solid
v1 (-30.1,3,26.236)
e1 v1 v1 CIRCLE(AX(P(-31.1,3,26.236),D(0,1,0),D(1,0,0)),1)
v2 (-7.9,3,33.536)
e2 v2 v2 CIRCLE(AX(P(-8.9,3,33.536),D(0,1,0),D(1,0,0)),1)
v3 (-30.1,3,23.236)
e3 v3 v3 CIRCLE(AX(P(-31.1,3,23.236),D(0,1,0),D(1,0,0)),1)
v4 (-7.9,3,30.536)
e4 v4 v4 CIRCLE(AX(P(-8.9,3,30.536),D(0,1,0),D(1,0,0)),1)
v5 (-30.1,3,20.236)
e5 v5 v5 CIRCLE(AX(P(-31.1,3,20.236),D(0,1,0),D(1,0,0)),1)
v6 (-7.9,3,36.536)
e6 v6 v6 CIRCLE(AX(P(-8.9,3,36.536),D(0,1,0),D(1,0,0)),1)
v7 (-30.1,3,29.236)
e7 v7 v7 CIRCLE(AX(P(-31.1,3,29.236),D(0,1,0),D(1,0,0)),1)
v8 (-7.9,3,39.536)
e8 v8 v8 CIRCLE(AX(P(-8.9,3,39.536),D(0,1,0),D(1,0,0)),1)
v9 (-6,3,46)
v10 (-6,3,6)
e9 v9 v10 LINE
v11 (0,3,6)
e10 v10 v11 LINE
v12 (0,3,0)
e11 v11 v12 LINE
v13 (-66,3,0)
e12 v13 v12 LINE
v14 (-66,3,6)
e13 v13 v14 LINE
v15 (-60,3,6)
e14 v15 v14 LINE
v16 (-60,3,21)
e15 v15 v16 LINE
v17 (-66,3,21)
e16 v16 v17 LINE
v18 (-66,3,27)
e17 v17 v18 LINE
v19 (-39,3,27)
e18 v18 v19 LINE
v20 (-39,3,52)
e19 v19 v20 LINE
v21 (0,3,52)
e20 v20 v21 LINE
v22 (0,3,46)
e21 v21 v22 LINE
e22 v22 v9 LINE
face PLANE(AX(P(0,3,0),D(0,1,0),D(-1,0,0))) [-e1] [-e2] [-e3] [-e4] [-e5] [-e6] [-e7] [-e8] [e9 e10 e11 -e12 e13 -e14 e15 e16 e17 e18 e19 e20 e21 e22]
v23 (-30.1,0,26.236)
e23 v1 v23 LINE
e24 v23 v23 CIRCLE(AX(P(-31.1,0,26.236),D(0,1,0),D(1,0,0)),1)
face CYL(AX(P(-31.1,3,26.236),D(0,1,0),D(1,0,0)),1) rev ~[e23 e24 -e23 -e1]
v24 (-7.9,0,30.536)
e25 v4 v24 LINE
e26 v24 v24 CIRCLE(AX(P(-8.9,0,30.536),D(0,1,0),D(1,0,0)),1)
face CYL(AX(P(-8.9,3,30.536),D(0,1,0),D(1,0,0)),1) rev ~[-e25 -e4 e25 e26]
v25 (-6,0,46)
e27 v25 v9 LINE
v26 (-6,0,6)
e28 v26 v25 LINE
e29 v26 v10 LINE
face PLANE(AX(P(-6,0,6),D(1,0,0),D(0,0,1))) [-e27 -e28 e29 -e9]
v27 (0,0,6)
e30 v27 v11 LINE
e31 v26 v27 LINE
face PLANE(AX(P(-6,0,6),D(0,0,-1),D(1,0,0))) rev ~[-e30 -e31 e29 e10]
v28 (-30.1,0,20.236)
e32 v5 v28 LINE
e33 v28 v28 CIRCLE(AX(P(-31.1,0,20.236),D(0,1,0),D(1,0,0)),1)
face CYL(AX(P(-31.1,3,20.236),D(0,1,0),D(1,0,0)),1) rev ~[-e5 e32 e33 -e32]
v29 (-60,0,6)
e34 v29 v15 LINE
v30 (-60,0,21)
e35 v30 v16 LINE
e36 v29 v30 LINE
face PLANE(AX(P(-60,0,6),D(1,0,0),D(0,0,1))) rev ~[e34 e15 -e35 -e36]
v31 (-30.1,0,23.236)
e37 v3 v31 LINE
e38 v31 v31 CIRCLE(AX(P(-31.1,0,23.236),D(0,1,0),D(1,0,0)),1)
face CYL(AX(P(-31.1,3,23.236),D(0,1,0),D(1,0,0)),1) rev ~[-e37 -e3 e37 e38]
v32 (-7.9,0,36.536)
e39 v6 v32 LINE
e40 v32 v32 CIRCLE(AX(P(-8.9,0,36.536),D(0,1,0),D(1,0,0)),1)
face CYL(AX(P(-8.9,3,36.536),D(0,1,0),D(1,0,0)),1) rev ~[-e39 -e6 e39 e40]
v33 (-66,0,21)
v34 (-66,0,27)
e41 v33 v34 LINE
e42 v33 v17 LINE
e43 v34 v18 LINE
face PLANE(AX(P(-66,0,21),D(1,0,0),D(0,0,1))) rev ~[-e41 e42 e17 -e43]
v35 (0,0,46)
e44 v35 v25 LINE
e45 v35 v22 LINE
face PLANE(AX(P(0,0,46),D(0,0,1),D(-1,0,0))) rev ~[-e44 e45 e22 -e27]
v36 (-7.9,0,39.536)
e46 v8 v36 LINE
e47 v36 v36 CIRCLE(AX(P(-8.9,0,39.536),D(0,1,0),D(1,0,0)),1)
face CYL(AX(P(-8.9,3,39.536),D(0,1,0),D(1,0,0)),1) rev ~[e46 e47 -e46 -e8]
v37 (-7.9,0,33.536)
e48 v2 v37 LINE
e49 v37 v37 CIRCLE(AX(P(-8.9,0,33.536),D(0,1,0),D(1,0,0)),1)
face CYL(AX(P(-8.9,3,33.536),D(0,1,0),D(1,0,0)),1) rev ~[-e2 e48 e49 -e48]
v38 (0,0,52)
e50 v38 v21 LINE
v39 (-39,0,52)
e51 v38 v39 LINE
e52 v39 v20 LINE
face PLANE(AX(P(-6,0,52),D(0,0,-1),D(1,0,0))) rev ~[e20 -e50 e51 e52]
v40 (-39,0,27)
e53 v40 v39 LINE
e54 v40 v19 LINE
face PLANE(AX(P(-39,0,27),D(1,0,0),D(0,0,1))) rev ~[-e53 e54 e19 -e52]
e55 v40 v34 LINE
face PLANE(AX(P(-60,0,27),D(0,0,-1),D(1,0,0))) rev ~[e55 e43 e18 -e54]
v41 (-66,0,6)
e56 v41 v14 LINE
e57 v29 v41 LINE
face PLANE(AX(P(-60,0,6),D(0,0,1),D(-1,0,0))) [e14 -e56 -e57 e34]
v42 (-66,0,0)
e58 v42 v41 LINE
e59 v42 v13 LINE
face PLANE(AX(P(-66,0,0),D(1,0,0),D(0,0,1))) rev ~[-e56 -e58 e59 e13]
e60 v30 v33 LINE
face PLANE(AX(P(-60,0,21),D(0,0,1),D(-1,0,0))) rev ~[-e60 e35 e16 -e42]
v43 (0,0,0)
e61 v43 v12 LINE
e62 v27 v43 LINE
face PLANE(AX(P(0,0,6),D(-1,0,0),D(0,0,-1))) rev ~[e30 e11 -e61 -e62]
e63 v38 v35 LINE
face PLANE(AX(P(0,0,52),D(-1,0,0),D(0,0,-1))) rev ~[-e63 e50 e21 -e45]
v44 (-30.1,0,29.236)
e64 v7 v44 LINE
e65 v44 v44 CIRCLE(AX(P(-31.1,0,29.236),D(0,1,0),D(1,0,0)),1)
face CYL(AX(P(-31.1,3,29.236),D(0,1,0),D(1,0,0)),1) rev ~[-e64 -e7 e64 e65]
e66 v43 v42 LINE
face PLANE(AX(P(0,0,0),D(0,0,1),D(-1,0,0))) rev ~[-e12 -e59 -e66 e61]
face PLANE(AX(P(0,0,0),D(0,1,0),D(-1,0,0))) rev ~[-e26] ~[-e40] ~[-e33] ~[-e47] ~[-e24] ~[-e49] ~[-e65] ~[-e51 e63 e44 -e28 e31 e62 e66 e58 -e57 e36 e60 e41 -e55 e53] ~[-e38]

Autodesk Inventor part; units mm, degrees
ref_plane "YZ Plane" through (0, 0, 0) normal (1, 0, 0) x (0, 1, 0)
ref_plane "XZ Plane" through (0, 0, 0) normal (0, 1, 0) x (-1, 0, 0)
ref_plane "XY Plane" through (0, 0, 0) normal (0, 0, 1) x (1, 0, 0)
sketch "Sketch1" plane through (0, 0, 0) normal (0, 1, 0) x (-1, 0, 0)
  line L0 (0, 0) -> (60, 0)
  line L1 (66, 0) -> (66, 6)
  line L2 (66, 27) -> (60, 27)
  line L3 (0, 27) -> (0, 6) construction
  line L4 (66, 27) -> (60, 27)
  line L5 (60, 27) -> (60, 21) construction
  line L6 (60, 21) -> (66, 21)
  line L7 (66, 21) -> (66, 27)
  line L8 (66, 0) -> (60, 0)
  line L9 (60, 0) -> (60, 6) construction
  line L10 (60, 6) -> (66, 6)
  line L11 (66, 6) -> (66, 0)
  line L12 (66, 21) -> (66, 27)
  line L13 (60, 27) -> (6, 27)
  line L14 (60, 0) -> (66, 0)
  line L15 (66, 6) -> (66, 21) construction
  line L16 (60, 6) -> (60, 21)
  line L17 (0, 0) -> (6, 0)
  line L18 (6, 0) -> (6, 6) construction
  line L19 (6, 6) -> (0, 6)
  line L20 (0, 6) -> (0, 0)
  line L21 (6, 6) -> (6, 27)
  line L22 (6, 27) -> (0, 27) construction
  line L23 (0, 6) -> (0, 0)
  line L24 (6, 27) -> (39, 27)
  line L25 (39, 27) -> (39, 52)
  line L26 (39, 52) -> (6, 52)
  line L27 (6, 52) -> (0, 52)
  line L28 (0, 52) -> (0, 46)
  line L29 (0, 46) -> (6, 46)
  line L30 (6, 46) -> (6, 52) construction
  line L31 (6, 46) -> (6, 27)
  dimension "d0" = 66
  dimension "d1" = 27
  dimension "d2" = 6
  dimension "d3" = 6
  dimension "d4" = 6
  dimension "d5" = 6
  dimension "d6" = 6
  dimension "d7" = 6
  dimension "d10" = 33
  dimension "d11" = 25
  dimension "d12" = 6
  dimension "d13" = 6
extrude "Extrusion1" add sketch "Sketch1" along normal blind 3
sketch "Sketch2" plane through (0, 3, 0) normal (0, 1, 0) x (1, 0, 0)
  circle A0 centre (-8.9, -39.536) radius 1
  line L0 (0, -46) -> (-6, -46) projected
  line L1 (-6, -46) -> (-6, -6) projected
  circle A1 centre (-31.1, -29.236) radius 1
  circle A2 centre (-8.9, -36.536) radius 1
  circle A3 centre (-8.9, -33.536) radius 1
  circle A4 centre (-8.9, -30.536) radius 1
  circle A5 centre (-31.1, -26.236) radius 1
  circle A6 centre (-31.1, -23.236) radius 1
  circle A7 centre (-31.1, -20.236) radius 1
  point P0 (0, 0)
  dimension "d14" = 2
  dimension "d15" = 6.464
  dimension "d16" = 2.9
  dimension "d19" = 2
  dimension "d20" = 22.2
  dimension "d21" = 10.3
  dimension "d22" = 2
  dimension "d23" = 3
  dimension "d24" = 2
  dimension "d25" = 3
  dimension "d26" = 2
  dimension "d27" = 3
  dimension "d28" = 2
  dimension "d29" = 2
  dimension "d30" = 3
  dimension "d31" = 2
  dimension "d32" = 3
  dimension "d33" = 3
extrude "Extrusion2" cut sketch "Sketch2" against normal through all
properties part number "thumper-bumper-sidewall3-v2"
